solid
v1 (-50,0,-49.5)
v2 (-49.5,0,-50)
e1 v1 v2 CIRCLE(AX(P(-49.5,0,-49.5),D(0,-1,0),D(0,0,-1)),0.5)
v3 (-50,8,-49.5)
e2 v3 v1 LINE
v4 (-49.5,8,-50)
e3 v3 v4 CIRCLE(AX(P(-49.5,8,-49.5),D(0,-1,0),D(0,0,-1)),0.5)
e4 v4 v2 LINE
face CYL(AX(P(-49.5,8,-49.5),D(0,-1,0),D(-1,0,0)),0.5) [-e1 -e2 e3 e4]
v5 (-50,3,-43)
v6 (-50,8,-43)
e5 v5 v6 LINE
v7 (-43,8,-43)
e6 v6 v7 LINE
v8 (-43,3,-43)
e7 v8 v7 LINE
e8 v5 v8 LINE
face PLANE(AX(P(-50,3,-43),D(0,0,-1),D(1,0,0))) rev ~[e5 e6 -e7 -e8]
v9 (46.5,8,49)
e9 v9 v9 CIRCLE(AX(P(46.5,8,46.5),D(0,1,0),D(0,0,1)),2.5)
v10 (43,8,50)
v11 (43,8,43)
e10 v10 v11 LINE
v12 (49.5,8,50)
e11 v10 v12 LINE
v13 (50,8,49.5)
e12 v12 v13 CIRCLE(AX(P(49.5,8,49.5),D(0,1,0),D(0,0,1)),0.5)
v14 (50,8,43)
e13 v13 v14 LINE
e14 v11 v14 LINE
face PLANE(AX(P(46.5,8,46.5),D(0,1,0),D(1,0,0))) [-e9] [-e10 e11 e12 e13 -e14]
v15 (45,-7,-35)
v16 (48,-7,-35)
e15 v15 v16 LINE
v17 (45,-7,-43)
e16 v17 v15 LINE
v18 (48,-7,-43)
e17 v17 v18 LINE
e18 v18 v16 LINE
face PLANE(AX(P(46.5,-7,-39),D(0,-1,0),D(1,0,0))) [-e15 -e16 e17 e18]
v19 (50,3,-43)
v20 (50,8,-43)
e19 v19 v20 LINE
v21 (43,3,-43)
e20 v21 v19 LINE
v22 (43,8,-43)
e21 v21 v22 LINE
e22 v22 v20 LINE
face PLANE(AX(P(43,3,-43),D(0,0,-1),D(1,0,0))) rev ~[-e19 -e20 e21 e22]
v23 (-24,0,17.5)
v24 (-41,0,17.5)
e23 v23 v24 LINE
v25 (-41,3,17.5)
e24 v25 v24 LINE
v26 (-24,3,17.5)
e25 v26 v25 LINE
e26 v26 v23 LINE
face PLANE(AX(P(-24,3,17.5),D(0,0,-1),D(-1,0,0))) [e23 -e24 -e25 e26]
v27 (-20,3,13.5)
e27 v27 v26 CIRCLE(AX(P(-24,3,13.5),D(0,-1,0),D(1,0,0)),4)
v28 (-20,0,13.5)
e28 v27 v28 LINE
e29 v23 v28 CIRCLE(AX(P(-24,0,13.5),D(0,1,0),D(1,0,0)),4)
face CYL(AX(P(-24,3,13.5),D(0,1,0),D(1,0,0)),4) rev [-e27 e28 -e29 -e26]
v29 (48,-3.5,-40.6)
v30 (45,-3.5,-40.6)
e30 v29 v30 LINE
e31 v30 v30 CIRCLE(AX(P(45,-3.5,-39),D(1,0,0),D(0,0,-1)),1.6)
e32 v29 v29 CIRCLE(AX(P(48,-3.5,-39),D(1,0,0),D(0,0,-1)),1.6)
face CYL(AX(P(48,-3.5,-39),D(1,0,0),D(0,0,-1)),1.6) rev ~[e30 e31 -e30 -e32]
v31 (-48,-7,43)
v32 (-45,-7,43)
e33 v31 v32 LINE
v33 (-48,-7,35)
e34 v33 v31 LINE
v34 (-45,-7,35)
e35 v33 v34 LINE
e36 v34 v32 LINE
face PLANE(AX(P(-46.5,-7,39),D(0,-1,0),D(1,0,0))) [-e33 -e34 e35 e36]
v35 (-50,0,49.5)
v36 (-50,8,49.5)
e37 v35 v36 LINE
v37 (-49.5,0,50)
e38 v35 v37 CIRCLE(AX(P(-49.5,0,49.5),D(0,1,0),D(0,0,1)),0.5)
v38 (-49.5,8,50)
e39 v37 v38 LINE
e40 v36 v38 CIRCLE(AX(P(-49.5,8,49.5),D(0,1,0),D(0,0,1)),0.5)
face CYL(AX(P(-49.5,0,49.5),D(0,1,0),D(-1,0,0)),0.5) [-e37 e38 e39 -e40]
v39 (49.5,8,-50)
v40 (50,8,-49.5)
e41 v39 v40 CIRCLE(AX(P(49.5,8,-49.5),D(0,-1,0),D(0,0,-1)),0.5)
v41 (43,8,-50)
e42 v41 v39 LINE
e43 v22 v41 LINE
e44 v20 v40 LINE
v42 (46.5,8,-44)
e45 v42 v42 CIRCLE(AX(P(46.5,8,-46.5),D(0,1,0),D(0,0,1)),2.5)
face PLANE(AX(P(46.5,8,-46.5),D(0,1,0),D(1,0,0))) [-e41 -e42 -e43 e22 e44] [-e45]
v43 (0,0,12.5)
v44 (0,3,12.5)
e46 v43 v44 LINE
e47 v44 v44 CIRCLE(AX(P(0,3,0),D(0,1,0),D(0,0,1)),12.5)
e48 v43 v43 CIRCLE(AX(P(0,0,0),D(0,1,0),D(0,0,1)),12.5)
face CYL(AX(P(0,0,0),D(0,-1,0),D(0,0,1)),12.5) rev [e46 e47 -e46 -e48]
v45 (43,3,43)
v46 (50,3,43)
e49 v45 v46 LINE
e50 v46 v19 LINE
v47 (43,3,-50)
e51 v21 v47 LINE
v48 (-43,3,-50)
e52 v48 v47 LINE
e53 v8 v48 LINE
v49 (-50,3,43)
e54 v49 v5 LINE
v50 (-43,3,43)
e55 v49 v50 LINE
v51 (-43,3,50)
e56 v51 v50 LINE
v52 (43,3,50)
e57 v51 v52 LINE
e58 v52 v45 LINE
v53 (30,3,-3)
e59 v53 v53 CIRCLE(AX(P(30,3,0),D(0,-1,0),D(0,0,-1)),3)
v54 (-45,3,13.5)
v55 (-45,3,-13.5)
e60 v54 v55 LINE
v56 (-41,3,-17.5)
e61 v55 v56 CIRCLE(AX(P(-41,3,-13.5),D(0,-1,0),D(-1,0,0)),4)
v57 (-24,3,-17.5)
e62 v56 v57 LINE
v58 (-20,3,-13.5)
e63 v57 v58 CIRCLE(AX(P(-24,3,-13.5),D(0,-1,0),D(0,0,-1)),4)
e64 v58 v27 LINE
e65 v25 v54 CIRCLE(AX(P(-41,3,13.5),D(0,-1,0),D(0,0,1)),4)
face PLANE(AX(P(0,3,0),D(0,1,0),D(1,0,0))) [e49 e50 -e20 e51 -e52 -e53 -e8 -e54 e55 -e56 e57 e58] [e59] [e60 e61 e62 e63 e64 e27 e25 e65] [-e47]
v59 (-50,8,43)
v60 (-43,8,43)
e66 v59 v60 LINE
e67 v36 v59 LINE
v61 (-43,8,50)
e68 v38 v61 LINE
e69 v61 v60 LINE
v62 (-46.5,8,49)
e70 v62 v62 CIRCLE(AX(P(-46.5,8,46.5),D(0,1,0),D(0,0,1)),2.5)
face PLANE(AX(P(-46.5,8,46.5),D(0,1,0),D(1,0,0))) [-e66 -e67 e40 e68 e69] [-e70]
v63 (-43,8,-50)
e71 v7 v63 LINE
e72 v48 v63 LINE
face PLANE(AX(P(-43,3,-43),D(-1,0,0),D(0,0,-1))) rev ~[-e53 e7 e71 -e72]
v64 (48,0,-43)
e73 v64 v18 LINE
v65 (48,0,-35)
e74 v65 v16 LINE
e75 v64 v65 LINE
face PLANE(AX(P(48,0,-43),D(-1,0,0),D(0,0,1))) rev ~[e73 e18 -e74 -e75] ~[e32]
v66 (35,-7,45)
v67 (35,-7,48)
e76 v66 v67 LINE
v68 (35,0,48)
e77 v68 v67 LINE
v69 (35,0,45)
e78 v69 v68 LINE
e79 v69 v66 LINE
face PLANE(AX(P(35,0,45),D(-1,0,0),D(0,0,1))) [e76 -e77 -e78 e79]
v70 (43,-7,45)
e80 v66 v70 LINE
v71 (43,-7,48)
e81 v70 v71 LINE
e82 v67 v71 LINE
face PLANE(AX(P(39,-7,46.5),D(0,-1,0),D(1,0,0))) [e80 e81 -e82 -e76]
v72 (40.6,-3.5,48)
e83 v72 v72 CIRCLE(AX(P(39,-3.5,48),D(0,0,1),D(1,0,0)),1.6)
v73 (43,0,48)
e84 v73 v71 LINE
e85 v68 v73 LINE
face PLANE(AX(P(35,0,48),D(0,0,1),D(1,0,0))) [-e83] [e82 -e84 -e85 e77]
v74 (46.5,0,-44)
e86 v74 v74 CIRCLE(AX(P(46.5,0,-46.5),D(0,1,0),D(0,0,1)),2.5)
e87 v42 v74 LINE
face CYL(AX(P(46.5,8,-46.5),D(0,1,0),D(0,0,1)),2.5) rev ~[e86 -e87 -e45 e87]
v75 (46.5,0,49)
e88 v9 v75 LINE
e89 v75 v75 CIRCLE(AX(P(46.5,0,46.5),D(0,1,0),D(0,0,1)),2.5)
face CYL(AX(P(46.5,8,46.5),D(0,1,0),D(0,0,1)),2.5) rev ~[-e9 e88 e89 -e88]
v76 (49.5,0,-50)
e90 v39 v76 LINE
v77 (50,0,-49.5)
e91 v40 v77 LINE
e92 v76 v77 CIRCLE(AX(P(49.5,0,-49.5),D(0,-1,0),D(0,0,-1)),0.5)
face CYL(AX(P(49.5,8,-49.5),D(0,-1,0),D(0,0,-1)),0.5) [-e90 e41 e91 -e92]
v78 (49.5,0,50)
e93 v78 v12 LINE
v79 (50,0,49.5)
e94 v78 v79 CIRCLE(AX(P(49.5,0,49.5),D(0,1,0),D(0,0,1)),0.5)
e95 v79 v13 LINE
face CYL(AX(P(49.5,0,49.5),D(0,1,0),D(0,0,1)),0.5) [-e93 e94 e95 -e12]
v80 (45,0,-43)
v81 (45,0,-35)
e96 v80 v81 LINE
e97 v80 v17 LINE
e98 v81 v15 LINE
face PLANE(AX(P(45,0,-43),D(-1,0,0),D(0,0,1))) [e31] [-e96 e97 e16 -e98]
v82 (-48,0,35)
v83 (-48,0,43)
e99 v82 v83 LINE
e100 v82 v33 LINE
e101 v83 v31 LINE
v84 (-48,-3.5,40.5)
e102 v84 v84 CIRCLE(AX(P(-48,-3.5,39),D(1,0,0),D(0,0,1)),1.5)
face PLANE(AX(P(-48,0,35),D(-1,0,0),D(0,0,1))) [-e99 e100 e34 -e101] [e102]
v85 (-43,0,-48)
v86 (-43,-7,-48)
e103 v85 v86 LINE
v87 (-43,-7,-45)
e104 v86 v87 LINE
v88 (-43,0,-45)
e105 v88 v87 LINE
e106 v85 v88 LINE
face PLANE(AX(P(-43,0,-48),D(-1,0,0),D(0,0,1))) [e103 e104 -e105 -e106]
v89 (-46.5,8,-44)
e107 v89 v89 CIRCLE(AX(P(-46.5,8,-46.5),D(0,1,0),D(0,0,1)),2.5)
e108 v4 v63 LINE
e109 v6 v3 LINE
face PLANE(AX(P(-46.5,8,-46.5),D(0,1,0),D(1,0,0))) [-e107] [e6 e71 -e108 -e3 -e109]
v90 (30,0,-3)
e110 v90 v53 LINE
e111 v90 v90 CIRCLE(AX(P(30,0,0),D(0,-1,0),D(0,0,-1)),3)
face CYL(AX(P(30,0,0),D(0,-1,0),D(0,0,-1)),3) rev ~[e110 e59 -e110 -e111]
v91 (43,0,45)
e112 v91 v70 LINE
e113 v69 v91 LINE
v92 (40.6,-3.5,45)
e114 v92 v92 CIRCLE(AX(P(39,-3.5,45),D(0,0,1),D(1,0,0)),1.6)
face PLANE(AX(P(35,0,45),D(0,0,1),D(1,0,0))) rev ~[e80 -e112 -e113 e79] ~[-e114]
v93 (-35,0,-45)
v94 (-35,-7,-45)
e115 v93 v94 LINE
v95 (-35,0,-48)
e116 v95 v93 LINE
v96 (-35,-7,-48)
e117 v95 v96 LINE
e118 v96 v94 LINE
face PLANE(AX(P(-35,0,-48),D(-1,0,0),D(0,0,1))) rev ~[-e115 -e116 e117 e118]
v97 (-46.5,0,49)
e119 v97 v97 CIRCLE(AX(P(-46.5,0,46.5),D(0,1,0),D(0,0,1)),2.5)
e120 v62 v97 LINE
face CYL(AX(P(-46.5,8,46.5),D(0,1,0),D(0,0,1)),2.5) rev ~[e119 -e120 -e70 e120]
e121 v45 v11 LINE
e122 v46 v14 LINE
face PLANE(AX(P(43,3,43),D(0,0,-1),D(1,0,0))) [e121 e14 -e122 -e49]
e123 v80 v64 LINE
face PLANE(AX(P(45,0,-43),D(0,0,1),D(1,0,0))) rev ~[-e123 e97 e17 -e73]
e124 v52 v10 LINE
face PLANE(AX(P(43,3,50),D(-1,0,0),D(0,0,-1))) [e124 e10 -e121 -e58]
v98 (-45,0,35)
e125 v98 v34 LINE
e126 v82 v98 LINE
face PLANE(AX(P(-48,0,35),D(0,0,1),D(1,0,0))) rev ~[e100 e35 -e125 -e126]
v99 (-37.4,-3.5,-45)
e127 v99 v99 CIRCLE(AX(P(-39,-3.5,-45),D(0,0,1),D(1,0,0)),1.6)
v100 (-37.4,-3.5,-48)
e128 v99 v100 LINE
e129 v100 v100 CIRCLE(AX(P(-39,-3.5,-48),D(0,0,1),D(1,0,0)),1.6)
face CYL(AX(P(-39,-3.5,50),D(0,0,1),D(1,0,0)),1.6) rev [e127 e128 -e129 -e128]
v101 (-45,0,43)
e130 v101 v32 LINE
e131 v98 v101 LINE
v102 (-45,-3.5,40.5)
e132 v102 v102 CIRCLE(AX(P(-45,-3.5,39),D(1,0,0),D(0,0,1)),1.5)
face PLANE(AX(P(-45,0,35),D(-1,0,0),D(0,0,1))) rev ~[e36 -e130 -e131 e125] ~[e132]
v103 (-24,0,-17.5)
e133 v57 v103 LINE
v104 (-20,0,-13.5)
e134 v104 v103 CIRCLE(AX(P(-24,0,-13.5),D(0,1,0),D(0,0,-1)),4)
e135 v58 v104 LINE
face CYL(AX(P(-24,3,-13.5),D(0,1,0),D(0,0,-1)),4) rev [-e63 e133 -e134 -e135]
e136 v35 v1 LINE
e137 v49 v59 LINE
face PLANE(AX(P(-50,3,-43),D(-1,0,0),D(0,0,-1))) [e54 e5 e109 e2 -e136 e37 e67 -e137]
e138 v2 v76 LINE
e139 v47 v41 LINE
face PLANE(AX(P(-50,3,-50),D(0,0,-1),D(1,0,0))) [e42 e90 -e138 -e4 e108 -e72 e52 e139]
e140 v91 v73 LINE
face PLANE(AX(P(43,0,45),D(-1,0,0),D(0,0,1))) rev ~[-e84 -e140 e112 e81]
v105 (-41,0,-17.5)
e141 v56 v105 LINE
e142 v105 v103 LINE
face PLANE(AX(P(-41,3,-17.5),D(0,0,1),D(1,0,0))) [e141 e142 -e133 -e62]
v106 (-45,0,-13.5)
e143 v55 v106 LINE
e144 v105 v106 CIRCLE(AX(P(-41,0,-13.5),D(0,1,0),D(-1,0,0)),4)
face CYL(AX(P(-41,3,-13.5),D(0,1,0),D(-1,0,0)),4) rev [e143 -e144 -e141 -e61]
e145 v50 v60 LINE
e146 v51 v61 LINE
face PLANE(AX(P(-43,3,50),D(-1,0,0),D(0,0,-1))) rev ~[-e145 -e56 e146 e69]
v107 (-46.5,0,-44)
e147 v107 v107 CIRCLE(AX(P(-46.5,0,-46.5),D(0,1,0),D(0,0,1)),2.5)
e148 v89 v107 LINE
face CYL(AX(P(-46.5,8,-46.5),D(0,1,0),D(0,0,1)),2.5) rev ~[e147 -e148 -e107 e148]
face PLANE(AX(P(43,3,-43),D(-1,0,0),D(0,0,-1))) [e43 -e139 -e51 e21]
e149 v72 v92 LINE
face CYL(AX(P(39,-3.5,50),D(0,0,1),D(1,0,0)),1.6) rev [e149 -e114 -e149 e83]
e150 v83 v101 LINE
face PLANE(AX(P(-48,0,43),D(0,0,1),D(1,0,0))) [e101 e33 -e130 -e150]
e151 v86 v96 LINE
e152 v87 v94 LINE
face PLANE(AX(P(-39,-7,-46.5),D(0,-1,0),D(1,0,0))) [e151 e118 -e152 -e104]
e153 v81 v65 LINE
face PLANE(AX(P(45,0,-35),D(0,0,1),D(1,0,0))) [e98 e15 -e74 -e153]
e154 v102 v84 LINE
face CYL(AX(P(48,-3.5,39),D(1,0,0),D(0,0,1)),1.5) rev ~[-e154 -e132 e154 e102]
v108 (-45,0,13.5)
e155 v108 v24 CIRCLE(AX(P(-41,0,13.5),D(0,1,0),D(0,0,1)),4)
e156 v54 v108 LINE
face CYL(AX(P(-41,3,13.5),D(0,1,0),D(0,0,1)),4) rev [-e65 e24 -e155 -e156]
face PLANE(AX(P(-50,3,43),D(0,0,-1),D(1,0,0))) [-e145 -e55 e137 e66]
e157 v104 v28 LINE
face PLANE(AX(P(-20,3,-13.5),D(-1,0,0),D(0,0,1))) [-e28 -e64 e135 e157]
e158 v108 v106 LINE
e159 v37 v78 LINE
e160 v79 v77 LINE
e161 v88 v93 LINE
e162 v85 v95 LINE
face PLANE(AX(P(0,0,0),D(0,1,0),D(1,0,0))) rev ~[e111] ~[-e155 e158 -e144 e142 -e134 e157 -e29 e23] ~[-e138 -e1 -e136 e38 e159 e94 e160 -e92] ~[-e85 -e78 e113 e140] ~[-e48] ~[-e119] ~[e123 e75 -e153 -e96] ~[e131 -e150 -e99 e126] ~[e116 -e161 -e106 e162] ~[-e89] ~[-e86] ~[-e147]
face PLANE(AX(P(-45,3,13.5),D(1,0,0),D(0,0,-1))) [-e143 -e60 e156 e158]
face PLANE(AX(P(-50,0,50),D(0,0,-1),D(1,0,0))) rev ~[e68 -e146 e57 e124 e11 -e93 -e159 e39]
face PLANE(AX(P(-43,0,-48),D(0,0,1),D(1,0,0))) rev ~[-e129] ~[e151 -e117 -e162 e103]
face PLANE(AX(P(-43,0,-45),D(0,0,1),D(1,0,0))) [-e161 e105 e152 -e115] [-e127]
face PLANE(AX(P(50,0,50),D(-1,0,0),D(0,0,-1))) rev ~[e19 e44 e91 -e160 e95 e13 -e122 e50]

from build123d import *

# Parameters (mm, degrees)
SKETCH2_W           = 100
SKETCH2_H           = 100
SKETCH2_R           = 12.5
BOSS_EXTRUDE1_DEPTH = 3
SKETCH3_W           = 7
SKETCH3_H           = 7
BOSS_EXTRUDE2_DEPTH = 5
SKETCH4_W           = 3
SKETCH4_H           = 8
SKETCH4_W_2         = 8
SKETCH4_H_2         = 3
BOSS_EXTRUDE3_DEPTH = 7
SKETCH11_R          = 2.5
CUT_EXTRUDE6_DEPTH  = 73.284161474
SKETCH5_R           = 1.6
CUT_EXTRUDE1_DEPTH  = 113.089250154
SKETCH7_R           = 3
CUT_EXTRUDE3_DEPTH  = 10
SKETCH8_R           = 1.6
SKETCH8_R_2         = 1.5
CUT_EXTRUDE4_DEPTH  = 111.308657865
FILLET1_R           = 0.5
CUT_EXTRUDE5_DEPTH  = 10


with BuildPart() as part:
    # Sketch2 → Boss-Extrude1 (new body)
    with BuildSketch(Plane(origin=(0, 0, 0), x_dir=(1, 0, 0), z_dir=(0, 1, 0))):
        Rectangle(SKETCH2_W, SKETCH2_H)
        with Locations(Location((0, 0, 0), (0, 0, 270))):
            Circle(SKETCH2_R, mode=Mode.SUBTRACT)
    extrude(amount=BOSS_EXTRUDE1_DEPTH)

    # Sketch3 → Boss-Extrude2 (add)
    with BuildSketch(Plane(origin=(0, 3, 0), x_dir=(1, 0, 0), z_dir=(0, 1, 0))):
        with Locations((-46.5, 46.5)):
            Rectangle(SKETCH3_W, SKETCH3_H)
        with Locations((46.5, 46.5)):
            Rectangle(SKETCH3_W, SKETCH3_H)
        with Locations((46.5, -46.5)):
            Rectangle(SKETCH3_W, SKETCH3_H)
        with Locations((-46.5, -46.5)):
            Rectangle(SKETCH3_W, SKETCH3_H)
    extrude(amount=BOSS_EXTRUDE2_DEPTH)

    # Sketch4 → Boss-Extrude3 (add)
    with BuildSketch(Plane.XZ):
        with Locations((46.5, -39)):
            Rectangle(SKETCH4_W, SKETCH4_H)
        with Locations((39, 46.5)):
            Rectangle(SKETCH4_W_2, SKETCH4_H_2)
        with Locations((-46.5, 39)):
            Rectangle(SKETCH4_W, SKETCH4_H)
        with Locations((-39, -46.5)):
            Rectangle(SKETCH4_W_2, SKETCH4_H_2)
    extrude(amount=BOSS_EXTRUDE3_DEPTH)

    # Sketch11 → Cut-Extrude6 (cut, through all)
    with BuildSketch(Plane(origin=(0, 8, 0), x_dir=(1, 0, 0), z_dir=(0, 1, 0))):
        with Locations(Location((-46.5, 46.5, 0), (0, 0, 270))):
            Circle(SKETCH11_R)
        with Locations(Location((46.5, 46.5, 0), (0, 0, 270))):
            Circle(SKETCH11_R)
        with Locations(Location((46.5, -46.5, 0), (0, 0, 270))):
            Circle(SKETCH11_R)
        with Locations(Location((-46.5, -46.5, 0), (0, 0, 270))):
            Circle(SKETCH11_R)
    extrude(amount=-CUT_EXTRUDE6_DEPTH, mode=Mode.SUBTRACT)

    # Sketch5 → Cut-Extrude1 (cut, through all)
    with BuildSketch(Plane(origin=(0, 0, 50), x_dir=(-1, 0, 0), z_dir=(0, 0, -1))):
        with Locations(Location((-39, -3.5, 0), (0, 0, 180))):
            Circle(SKETCH5_R)
        with Locations(Location((39, -3.5, 0), (0, 0, 180))):
            Circle(SKETCH5_R)
    extrude(amount=CUT_EXTRUDE1_DEPTH, mode=Mode.SUBTRACT)

    # Sketch7 → Cut-Extrude3 (cut)
    with BuildSketch(Plane.XZ):
        with Locations(Location((30, 0, 0), (0, 0, 270))):
            Circle(SKETCH7_R)
    extrude(amount=-CUT_EXTRUDE3_DEPTH, mode=Mode.SUBTRACT)

    # Sketch8 → Cut-Extrude4 (cut, through all)
    with BuildSketch(Plane(origin=(48, 0, 0), x_dir=(0, 0, -1), z_dir=(1, 0, 0))):
        with Locations((39, -3.5)):
            Circle(SKETCH8_R)
        with Locations(Location((-39, -3.5, 0), (0, 0, 180))):
            Circle(SKETCH8_R_2)
    extrude(amount=-CUT_EXTRUDE4_DEPTH, mode=Mode.SUBTRACT)

    # Fillet1
    fillet1_edges = [part.edges().sort_by_distance(p)[0] for p in [
        (-50, 4, 50),
        (-50, 4, -50),
        (50, 4, -50),
        (50, 4, 50),
    ]]
    fillet(fillet1_edges, radius=FILLET1_R)

    # Sketch9 → Cut-Extrude5 (cut)
    with BuildSketch(Plane(origin=(0, 3, 0), x_dir=(1, 0, 0), z_dir=(0, 1, 0))):
        with BuildLine():
            Line((-41, 17.5), (-24, 17.5))
            ThreePointArc((-24, 17.5), (-21.171572875, 16.328427125), (-20, 13.5))
            Line((-20, 13.5), (-20, -13.5))
            ThreePointArc((-20, -13.5), (-21.171572875, -16.328427125), (-24, -17.5))
            Line((-24, -17.5), (-41, -17.5))
            ThreePointArc((-41, -17.5), (-43.828427125, -16.328427125), (-45, -13.5))
            Line((-45, -13.5), (-45, 13.5))
            ThreePointArc((-45, 13.5), (-43.828427125, 16.328427125), (-41, 17.5))
        make_face()
    extrude(amount=-CUT_EXTRUDE5_DEPTH, mode=Mode.SUBTRACT)


solid = part.part
